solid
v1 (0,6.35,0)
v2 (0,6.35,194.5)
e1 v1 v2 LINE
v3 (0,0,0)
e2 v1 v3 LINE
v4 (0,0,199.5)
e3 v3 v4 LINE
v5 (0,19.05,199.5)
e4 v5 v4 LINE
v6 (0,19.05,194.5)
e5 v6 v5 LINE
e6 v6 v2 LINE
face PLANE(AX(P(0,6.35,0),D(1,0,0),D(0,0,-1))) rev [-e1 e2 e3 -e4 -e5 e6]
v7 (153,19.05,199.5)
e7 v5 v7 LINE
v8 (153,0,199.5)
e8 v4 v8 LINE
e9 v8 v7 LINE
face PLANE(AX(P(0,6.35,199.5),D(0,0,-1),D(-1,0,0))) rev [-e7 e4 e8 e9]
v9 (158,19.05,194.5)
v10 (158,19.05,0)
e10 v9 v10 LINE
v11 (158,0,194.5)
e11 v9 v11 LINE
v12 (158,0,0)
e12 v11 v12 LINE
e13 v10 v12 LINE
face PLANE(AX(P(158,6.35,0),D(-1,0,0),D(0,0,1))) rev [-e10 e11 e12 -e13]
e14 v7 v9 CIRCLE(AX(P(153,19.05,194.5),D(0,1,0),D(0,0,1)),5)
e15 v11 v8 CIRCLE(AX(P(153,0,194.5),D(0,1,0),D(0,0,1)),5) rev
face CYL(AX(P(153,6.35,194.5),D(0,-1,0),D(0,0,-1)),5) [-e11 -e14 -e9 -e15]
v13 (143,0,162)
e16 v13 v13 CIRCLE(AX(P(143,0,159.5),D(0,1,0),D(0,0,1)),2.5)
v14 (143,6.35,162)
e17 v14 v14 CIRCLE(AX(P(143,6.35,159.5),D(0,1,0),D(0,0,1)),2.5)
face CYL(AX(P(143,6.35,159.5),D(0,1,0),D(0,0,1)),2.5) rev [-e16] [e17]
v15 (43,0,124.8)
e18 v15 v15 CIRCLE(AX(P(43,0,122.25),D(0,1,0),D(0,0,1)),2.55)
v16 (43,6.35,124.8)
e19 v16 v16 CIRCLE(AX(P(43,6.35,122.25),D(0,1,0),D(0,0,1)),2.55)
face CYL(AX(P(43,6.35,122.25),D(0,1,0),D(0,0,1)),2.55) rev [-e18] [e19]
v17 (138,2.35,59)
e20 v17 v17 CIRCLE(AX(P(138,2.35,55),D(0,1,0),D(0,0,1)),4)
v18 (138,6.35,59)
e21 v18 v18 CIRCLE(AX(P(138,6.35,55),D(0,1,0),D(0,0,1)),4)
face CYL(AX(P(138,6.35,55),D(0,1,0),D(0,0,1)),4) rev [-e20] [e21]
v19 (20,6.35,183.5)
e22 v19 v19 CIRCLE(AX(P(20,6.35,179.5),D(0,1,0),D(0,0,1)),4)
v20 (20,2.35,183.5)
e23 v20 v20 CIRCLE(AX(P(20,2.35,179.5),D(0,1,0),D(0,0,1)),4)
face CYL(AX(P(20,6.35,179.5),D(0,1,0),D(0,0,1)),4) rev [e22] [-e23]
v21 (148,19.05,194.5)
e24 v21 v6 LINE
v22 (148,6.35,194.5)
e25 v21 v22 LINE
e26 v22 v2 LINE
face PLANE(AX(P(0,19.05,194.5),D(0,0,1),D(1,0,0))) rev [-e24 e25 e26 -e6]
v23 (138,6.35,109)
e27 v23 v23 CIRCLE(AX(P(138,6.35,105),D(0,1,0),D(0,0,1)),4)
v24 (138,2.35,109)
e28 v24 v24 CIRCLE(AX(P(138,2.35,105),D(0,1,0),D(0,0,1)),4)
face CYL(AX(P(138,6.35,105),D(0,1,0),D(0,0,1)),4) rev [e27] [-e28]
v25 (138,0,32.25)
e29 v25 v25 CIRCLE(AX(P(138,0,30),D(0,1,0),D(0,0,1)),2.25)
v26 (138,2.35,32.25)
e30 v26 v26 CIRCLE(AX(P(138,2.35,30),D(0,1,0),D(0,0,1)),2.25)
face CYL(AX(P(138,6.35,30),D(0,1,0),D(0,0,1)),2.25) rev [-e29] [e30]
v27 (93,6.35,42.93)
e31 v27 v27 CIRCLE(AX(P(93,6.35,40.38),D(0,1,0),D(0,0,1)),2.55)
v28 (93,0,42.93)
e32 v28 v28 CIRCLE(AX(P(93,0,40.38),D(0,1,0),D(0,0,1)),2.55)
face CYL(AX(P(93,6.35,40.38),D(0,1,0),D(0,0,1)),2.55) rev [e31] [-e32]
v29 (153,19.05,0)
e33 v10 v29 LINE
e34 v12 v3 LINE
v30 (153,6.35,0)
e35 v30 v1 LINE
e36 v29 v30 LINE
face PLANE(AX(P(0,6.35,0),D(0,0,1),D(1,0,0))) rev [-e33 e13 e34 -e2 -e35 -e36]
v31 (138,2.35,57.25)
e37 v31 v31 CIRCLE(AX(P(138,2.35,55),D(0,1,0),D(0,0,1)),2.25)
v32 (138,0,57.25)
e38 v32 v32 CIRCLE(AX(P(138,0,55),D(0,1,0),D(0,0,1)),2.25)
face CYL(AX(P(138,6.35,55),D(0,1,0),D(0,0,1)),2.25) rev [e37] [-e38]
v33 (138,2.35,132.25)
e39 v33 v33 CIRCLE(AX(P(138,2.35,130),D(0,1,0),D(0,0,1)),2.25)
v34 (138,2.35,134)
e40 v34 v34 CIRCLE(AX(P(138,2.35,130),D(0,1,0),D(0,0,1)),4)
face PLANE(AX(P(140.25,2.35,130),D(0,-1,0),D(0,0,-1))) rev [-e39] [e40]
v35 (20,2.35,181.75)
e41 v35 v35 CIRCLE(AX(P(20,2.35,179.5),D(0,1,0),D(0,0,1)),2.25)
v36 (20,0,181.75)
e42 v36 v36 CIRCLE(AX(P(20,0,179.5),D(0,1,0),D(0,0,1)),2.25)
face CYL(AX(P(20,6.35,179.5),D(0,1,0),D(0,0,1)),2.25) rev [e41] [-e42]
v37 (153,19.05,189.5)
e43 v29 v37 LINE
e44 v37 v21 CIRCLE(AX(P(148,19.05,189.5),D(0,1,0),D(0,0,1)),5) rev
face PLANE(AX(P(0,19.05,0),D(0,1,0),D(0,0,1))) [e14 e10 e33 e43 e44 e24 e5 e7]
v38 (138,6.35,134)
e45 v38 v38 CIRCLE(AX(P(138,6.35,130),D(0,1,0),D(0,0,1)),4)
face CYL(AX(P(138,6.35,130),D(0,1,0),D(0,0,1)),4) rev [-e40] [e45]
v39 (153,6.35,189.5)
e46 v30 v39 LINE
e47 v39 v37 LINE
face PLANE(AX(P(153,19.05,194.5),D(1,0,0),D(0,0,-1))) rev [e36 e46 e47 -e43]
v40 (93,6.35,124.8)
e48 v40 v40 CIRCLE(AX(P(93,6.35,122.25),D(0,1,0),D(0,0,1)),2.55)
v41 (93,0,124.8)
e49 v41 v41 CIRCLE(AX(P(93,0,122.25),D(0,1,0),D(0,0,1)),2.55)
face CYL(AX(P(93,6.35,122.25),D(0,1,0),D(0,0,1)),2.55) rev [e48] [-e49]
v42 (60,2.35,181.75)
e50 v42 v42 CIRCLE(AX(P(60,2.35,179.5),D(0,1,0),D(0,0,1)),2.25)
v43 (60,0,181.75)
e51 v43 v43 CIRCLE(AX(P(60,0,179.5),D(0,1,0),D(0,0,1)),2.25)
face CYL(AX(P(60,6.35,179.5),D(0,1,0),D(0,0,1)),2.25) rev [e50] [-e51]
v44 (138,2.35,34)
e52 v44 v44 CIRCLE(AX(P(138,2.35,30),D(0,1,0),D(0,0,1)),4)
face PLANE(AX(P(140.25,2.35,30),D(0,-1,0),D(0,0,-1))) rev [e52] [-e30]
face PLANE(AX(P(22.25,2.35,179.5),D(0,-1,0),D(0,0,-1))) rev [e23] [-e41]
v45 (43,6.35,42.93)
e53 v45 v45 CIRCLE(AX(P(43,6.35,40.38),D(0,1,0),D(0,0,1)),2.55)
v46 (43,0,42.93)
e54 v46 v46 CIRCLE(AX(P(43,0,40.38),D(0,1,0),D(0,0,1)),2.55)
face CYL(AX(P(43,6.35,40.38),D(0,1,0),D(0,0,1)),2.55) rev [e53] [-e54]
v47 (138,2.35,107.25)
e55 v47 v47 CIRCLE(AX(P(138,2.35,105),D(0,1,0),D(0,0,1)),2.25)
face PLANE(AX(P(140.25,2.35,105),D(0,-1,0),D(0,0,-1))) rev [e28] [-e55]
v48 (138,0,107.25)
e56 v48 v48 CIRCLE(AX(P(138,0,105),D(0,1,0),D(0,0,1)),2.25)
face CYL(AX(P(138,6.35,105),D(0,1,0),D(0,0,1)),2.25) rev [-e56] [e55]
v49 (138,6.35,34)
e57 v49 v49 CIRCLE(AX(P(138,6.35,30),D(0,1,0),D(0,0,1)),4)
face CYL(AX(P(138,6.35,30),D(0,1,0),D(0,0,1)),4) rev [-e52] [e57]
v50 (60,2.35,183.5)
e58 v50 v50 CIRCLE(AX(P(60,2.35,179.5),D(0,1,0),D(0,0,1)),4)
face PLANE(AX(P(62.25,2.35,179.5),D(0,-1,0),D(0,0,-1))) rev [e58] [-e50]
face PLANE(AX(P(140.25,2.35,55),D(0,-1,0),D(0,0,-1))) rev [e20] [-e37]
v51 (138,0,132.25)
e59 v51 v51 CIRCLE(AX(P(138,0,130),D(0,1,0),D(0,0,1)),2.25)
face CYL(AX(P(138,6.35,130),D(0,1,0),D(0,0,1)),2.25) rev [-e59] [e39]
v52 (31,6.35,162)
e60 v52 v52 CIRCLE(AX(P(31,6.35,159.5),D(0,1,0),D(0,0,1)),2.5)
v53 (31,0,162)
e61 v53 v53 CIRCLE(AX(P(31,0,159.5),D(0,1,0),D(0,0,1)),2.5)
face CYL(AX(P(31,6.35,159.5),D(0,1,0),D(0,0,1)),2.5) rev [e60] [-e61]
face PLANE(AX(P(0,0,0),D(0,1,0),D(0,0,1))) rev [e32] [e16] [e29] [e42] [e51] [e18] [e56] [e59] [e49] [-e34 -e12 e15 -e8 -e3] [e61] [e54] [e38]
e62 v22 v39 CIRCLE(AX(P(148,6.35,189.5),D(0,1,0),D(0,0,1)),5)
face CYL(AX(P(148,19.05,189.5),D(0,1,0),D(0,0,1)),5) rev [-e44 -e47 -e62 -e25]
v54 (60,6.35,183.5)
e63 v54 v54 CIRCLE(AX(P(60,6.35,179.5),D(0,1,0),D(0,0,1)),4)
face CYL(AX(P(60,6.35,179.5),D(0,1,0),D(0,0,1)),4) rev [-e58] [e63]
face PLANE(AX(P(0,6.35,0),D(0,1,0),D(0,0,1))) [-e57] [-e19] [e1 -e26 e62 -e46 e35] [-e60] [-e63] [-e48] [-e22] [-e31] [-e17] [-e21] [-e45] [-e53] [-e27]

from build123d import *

# Parameters (mm, degrees)
SKETCH1_W                      = 158
SKETCH1_H                      = 199.5
BOSS_EXTRUDE1_DEPTH            = 6.35
BOSS_EXTRUDE2_DEPTH            = 12.7
CBORE_FOR_M4_SHCS1_D           = 4.5
CBORE_FOR_M4_SHCS1_DEPTH       = 6.35
CBORE_FOR_M4_SHCS1_CBORE_D     = 8
CBORE_FOR_M4_SHCS1_CBORE_DEPTH = 4
F_5_1_5_1_DIAMETER_HOLE1_D     = 5.1
F_5_1_5_1_DIAMETER_HOLE1_DEPTH = 6.35
FILLET2_R                      = 5
FILLET3_R                      = 5
F_5_0_5_DIAMETER_HOLE1_D       = 5
F_5_0_5_DIAMETER_HOLE1_DEPTH   = 6.35


with BuildPart() as part:
    # Sketch1 → Boss-Extrude1 (new body)
    with BuildSketch(Plane(origin=(0, 0, 0), x_dir=(1, 0, 0), z_dir=(0, 1, 0))):
        with Locations((79, -99.75)):
            Rectangle(SKETCH1_W, SKETCH1_H)
    extrude(amount=BOSS_EXTRUDE1_DEPTH)

    # Sketch3 → Boss-Extrude2 (add)
    with BuildSketch(Plane(origin=(0, 6.35, 0), x_dir=(1, 0, 0), z_dir=(0, 1, 0))):
        Polygon((158, -199.5), (158, 0), (153, 0), (153, -194.5), (0, -194.5), (0, -199.5), align=None)
    extrude(amount=BOSS_EXTRUDE2_DEPTH)

    # CBORE for M4 SHCS1
    with Locations(Plane(origin=(0, 6.35, 0), x_dir=(1, 0, 0), z_dir=(0, 1, 0))):
        with Locations((138, -55), (20, -179.5), (60, -179.5), (138, -130), (138, -105), (138, -30)):
            CounterBoreHole(CBORE_FOR_M4_SHCS1_D / 2, CBORE_FOR_M4_SHCS1_CBORE_D / 2, CBORE_FOR_M4_SHCS1_CBORE_DEPTH, depth=CBORE_FOR_M4_SHCS1_DEPTH)

    # Ø5.1 (5.1) Diameter Hole1
    with Locations(Plane(origin=(0, 6.35, 0), x_dir=(1, 0, 0), z_dir=(0, 1, 0))):
        with Locations((43, -40.38), (43, -122.25), (93, -122.25), (93, -40.38)):
            Hole(F_5_1_5_1_DIAMETER_HOLE1_D / 2, depth=F_5_1_5_1_DIAMETER_HOLE1_DEPTH)

    # Fillet2
    fillet2_edges = [part.edges().sort_by_distance(p)[0] for p in [
        (158, 9.525, 199.5),
    ]]
    fillet(fillet2_edges, radius=FILLET2_R)

    # Fillet3
    fillet3_edges = [part.edges().sort_by_distance(p)[0] for p in [
        (153, 12.7, 194.5),
    ]]
    fillet(fillet3_edges, radius=FILLET3_R)

    # Ø5.0 (5) Diameter Hole1
    with Locations(Plane(origin=(0, 6.35, 0), x_dir=(1, 0, 0), z_dir=(0, 1, 0))):
        with Locations((31, -159.5), (143, -159.5)):
            Hole(F_5_0_5_DIAMETER_HOLE1_D / 2, depth=F_5_0_5_DIAMETER_HOLE1_DEPTH)


solid = part.part
